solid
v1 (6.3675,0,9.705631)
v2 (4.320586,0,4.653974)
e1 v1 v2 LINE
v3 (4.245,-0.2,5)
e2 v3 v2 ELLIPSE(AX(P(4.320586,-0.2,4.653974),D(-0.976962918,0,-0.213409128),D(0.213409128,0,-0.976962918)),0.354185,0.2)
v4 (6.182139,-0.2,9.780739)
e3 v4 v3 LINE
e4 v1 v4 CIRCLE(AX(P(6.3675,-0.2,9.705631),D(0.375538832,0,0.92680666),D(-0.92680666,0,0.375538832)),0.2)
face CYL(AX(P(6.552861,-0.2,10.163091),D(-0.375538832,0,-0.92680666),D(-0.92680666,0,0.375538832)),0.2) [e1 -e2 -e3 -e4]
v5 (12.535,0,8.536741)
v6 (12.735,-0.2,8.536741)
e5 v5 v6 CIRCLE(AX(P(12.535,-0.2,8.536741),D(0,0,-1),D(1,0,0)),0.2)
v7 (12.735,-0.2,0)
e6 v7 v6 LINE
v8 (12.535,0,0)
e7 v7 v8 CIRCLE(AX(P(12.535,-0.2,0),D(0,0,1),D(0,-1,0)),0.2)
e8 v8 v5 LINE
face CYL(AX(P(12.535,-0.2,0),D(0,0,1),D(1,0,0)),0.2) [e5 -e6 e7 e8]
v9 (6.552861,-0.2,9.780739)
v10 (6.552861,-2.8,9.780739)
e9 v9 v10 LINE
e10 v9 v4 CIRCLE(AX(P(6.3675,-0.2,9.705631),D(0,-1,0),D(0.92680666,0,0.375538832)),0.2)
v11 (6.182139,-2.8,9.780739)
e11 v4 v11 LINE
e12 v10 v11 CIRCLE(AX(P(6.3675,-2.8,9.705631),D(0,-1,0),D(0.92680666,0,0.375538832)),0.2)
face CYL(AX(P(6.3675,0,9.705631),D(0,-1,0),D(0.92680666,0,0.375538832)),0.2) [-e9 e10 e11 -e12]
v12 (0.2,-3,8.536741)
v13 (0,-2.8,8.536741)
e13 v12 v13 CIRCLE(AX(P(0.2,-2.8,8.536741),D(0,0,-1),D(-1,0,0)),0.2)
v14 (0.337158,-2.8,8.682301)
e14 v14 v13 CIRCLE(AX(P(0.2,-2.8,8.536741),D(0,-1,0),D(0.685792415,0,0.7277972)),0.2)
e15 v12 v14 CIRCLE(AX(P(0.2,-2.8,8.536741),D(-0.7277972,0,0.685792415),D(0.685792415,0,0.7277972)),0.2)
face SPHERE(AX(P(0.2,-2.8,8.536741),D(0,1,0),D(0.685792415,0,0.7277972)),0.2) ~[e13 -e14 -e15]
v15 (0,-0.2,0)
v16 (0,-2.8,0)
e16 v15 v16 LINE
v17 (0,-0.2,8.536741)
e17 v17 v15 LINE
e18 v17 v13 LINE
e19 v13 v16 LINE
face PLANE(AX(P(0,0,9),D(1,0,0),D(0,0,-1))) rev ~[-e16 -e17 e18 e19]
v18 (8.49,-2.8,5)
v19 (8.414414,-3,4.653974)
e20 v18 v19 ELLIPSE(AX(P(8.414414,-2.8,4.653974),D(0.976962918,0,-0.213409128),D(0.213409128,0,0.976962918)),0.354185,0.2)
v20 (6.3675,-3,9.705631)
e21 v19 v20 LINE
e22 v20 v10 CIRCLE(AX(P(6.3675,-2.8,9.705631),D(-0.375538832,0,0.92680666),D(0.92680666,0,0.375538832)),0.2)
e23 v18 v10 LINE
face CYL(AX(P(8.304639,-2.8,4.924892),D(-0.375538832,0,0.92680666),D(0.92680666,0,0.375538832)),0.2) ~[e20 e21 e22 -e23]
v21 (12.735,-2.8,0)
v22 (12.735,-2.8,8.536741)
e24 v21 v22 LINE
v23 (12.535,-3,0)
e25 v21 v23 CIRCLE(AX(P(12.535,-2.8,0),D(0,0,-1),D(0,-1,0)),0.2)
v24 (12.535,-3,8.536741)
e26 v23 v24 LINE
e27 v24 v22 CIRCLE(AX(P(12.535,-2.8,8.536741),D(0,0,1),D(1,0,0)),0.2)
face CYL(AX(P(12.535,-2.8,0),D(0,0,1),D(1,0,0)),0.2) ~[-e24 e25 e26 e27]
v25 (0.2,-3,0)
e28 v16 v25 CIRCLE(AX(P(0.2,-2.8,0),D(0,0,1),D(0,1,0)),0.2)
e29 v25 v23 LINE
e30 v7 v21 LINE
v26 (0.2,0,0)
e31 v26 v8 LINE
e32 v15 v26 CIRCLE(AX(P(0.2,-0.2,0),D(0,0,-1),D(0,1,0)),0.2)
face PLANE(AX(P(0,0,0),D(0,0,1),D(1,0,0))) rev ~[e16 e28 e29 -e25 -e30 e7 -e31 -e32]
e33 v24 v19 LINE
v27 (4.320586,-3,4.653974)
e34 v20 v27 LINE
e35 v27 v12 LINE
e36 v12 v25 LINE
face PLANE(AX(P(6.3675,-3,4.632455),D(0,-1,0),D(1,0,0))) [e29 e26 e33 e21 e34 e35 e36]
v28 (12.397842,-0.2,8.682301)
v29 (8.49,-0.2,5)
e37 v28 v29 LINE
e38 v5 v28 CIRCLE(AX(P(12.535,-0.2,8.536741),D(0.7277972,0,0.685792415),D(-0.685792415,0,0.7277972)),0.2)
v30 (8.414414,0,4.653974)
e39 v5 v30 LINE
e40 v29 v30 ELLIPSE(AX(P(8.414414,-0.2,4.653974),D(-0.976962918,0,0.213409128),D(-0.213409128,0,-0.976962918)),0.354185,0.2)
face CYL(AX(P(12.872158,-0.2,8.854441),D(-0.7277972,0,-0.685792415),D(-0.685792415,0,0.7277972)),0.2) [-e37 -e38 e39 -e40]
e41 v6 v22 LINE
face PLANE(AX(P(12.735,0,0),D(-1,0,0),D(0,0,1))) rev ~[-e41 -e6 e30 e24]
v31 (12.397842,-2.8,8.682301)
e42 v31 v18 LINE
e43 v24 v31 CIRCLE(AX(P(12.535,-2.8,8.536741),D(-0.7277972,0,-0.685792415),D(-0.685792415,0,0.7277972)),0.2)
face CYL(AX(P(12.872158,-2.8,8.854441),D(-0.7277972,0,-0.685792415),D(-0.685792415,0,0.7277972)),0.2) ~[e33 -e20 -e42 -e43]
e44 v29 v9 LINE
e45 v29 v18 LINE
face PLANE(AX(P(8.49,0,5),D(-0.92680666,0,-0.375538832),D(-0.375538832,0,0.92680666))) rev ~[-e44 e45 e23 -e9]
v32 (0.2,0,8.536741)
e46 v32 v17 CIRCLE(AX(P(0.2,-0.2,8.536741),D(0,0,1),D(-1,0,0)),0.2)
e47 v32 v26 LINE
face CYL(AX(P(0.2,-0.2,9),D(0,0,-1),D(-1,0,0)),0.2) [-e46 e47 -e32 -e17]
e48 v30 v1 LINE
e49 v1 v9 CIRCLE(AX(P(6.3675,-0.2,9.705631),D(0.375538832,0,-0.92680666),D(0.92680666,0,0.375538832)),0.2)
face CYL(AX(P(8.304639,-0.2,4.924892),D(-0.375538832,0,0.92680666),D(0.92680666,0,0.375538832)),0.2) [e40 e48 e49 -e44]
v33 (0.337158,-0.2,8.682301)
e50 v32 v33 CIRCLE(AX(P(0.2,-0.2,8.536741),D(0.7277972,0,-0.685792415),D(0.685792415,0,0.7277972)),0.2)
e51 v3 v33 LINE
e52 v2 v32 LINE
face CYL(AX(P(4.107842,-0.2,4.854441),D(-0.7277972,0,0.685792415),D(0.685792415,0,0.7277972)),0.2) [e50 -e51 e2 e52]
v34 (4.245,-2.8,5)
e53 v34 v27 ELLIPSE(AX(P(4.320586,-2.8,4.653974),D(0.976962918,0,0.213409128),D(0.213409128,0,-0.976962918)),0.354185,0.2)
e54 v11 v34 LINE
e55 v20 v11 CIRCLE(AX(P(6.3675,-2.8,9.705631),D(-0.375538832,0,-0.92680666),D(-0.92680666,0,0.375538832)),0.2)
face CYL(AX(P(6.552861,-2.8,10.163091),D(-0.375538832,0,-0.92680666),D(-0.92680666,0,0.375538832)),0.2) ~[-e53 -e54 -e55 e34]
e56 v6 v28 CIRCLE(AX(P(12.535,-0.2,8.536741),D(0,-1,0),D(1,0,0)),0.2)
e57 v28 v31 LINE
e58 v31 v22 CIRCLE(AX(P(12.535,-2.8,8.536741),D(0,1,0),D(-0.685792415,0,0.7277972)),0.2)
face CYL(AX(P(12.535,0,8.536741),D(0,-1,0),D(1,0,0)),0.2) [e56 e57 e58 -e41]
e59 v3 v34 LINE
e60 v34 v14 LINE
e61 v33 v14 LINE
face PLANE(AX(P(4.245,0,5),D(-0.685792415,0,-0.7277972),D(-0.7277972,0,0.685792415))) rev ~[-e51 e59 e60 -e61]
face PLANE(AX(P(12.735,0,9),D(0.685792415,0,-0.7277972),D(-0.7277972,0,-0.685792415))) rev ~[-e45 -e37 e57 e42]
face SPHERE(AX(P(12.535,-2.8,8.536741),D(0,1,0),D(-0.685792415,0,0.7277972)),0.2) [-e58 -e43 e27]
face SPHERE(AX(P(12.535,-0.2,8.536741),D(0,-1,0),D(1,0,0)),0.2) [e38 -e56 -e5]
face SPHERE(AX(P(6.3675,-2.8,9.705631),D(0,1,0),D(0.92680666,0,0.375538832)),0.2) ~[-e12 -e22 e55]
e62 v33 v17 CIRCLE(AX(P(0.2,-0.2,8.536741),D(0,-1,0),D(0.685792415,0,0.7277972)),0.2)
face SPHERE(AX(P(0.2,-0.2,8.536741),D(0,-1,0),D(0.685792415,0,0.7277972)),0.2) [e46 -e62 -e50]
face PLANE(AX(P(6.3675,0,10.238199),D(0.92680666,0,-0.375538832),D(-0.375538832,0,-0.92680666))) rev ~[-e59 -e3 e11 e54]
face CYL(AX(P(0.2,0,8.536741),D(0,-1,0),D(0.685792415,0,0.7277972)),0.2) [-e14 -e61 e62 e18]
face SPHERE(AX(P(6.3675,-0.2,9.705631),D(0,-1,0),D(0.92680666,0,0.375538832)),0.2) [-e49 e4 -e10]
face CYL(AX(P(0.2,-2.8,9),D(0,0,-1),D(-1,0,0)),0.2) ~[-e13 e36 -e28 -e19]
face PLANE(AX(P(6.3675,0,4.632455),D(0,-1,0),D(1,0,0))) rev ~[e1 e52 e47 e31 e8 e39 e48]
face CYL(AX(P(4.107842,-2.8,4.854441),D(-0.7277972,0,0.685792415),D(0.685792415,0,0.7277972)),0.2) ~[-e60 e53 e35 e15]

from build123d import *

# Parameters (mm, degrees)
F1_DEPTH = 3
F2_R     = 0.2


with BuildPart() as f1:
    # F0 (on Front) → F1 (new body)
    with BuildSketch(Plane.XZ):
        Polygon((0, 5), (0, 0), (12.735, 0), (12.735, 5), (12.735, 9), (8.49, 5), (6.3675, 10.238199), (4.245, 5), (0, 9), (0, 6.5), align=None)
    extrude(amount=F1_DEPTH)

    # F2
    f2_edges = [f1.edges().sort_by_distance(p)[0] for p in [
        (0, -1.5, 9),
        (6.3675, -1.5, 10.238199),
        (12.735, 0, 4.5),
        (7.42875, -3, 7.619099),
        (5.30625, -3, 7.619099),
        (2.1225, -3, 7),
        (10.6125, -3, 7),
        (10.6125, 0, 7),
        (7.42875, 0, 7.619099),
        (5.30625, 0, 7.619099),
        (2.1225, 0, 7),
        (0, 0, 4.5),
        (12.735, -3, 4.5),
        (0, -3, 4.5),
        (12.735, -1.5, 9),
    ]]
    fillet(f2_edges, radius=F2_R)


solid = f1.part
